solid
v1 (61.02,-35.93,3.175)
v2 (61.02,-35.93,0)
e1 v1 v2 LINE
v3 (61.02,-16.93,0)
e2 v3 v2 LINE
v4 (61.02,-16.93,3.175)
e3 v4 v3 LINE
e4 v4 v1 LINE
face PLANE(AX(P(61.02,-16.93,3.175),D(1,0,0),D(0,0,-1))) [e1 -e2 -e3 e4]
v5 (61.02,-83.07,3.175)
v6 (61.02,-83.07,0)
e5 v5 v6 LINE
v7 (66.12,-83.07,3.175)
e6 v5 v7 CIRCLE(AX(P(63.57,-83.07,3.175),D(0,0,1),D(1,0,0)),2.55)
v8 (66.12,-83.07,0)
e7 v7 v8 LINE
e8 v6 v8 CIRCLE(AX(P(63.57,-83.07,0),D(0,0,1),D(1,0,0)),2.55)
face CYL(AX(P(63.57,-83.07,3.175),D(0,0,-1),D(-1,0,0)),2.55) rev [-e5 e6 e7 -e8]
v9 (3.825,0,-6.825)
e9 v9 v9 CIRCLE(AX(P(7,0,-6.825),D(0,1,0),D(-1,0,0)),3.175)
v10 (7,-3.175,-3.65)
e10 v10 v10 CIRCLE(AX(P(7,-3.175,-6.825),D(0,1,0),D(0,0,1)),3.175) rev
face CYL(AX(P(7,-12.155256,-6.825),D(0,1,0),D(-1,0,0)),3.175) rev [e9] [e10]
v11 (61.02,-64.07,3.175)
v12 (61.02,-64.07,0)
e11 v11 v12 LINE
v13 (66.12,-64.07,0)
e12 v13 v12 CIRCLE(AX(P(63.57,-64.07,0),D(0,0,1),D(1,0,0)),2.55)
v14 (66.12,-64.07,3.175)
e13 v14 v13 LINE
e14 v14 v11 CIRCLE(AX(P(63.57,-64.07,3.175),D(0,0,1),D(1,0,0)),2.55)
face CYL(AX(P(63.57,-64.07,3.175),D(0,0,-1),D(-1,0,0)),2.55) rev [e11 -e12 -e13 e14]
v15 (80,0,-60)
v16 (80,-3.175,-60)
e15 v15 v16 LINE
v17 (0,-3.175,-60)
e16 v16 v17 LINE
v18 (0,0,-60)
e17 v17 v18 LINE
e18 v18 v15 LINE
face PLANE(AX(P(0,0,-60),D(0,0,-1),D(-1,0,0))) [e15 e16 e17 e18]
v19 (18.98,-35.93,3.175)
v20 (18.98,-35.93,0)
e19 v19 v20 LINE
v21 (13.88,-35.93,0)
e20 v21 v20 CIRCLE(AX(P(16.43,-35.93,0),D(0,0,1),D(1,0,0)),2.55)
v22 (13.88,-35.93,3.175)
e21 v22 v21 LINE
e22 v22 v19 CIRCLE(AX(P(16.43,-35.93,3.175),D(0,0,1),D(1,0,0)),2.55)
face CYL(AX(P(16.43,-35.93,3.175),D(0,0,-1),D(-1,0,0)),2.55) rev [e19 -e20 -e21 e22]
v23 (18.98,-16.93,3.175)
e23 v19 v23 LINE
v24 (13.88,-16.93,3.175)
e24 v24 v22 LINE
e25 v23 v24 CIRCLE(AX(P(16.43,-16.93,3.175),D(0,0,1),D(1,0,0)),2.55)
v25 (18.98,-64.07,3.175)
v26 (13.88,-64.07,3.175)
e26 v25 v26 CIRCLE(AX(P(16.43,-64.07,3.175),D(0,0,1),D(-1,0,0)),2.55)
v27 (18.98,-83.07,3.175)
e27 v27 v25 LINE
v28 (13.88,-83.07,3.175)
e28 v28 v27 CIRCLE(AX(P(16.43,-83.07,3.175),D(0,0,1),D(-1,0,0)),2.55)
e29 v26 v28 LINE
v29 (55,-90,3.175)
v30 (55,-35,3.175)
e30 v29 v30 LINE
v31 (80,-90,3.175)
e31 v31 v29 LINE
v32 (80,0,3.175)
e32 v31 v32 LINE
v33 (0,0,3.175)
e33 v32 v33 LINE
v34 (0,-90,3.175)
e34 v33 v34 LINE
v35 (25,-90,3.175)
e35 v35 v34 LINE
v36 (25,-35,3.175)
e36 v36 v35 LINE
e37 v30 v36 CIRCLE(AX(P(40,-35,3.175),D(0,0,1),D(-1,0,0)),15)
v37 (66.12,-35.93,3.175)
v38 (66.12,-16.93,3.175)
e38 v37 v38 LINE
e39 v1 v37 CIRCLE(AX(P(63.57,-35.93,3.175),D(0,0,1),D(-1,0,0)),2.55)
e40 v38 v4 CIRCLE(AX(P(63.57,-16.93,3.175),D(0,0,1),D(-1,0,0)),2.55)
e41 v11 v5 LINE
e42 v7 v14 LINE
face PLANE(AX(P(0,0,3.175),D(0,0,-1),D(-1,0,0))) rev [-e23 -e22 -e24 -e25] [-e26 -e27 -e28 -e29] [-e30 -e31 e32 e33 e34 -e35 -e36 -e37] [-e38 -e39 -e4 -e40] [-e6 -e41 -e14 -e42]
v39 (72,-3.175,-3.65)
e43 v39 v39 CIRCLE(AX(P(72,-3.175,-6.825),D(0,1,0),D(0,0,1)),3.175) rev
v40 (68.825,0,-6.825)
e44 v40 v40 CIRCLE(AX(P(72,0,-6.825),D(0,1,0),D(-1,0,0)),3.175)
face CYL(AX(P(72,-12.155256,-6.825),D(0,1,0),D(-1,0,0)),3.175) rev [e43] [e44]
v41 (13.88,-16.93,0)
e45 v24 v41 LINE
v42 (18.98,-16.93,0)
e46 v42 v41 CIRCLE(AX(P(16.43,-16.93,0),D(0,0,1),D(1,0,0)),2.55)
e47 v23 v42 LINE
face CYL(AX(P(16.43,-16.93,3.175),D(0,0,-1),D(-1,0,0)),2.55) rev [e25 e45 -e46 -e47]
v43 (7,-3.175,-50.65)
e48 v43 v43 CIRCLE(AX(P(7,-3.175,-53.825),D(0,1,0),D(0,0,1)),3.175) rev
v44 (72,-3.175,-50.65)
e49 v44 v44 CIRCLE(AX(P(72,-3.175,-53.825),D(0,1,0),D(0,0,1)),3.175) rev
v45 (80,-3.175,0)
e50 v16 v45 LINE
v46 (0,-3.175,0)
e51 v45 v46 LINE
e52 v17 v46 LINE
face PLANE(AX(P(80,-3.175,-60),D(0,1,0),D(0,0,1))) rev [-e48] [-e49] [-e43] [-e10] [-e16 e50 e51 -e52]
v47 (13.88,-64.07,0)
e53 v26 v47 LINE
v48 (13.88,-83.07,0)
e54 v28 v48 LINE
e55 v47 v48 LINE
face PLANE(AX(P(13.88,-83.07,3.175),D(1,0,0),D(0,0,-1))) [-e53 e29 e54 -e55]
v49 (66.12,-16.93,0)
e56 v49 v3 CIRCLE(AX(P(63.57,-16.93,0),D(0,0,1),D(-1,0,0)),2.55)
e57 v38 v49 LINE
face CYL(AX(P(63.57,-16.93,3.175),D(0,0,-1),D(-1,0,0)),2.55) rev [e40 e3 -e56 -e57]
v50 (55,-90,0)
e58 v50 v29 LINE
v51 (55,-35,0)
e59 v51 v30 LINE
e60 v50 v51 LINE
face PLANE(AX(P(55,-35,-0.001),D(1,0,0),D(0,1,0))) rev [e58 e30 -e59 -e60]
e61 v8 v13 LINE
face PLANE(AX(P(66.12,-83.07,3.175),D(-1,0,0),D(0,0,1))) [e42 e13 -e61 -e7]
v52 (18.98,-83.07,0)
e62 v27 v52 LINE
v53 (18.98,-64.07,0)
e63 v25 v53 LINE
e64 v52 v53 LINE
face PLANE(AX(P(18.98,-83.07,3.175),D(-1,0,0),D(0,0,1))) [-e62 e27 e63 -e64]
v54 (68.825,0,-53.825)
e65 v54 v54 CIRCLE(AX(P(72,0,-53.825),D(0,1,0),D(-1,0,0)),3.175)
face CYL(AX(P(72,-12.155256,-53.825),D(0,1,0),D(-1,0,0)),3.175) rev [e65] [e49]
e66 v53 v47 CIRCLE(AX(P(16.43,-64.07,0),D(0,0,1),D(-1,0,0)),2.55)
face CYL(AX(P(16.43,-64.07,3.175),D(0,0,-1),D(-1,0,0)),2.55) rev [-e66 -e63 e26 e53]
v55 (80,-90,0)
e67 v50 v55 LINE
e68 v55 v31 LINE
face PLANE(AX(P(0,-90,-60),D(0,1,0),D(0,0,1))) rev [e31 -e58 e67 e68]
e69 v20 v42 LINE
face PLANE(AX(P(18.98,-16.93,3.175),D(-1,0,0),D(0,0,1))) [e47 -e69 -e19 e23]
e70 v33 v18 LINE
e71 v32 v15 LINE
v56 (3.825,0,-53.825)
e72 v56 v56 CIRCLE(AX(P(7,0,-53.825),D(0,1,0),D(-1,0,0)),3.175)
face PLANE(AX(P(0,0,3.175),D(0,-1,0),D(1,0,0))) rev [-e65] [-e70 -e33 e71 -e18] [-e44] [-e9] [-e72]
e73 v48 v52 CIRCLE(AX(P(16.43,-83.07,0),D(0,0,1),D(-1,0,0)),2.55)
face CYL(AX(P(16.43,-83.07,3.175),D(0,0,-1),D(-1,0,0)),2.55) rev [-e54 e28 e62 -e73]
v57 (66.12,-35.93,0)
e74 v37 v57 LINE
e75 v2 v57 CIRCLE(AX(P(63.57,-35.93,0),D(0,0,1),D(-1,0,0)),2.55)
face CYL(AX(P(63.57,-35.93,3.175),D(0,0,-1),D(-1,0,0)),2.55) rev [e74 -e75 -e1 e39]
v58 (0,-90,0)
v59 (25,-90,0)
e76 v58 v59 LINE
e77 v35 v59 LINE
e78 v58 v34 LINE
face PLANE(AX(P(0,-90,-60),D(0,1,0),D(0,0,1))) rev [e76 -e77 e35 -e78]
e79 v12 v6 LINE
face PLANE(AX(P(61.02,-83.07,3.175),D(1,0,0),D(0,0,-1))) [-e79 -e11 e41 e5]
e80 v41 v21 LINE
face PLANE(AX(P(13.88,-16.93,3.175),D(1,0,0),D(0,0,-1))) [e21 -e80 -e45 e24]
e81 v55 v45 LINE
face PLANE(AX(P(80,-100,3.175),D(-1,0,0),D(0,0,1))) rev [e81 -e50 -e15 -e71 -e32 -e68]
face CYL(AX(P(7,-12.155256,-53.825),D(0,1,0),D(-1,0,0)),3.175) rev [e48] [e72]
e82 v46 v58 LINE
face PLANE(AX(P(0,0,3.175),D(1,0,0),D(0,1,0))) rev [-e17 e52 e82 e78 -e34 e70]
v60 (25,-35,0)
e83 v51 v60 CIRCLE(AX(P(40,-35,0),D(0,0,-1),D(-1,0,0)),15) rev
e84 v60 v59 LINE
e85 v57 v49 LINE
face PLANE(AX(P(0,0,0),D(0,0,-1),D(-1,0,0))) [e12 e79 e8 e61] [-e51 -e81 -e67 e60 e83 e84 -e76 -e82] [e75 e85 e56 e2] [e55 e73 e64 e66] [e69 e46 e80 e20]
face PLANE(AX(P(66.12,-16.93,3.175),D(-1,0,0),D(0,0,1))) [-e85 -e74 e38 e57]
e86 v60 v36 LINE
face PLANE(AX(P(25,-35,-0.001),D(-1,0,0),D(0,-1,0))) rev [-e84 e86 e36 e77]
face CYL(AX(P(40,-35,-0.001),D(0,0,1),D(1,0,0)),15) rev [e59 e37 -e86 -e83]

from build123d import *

# Parameters (mm, degrees)
SKETCH1_W           = 80
SKETCH1_H           = 100
BOSS_EXTRUDE1_DEPTH = 3.175
CUT_EXTRUDE2_REACH  = 5.175
SKETCH4_W           = 80
SKETCH4_H           = 3.175
BOSS_EXTRUDE2_DEPTH = 60
SKETCH5_R           = 3.175
CUT_EXTRUDE3_DEPTH  = 3.175
SKETCH6_W           = 80
SKETCH6_H           = 10
CUT_EXTRUDE4_DEPTH  = 64.175


with BuildPart() as part:
    # Sketch1 → Boss-Extrude1 (new body)
    with BuildSketch(Plane.XY):
        with Locations((40, -50)):
            Rectangle(SKETCH1_W, SKETCH1_H)
        with BuildLine():
            Line((18.98, -16.93), (18.98, -35.93))
            ThreePointArc((18.98, -35.93), (16.43, -38.48), (13.88, -35.93))
            Line((13.88, -35.93), (13.88, -16.93))
            ThreePointArc((13.88, -16.93), (16.43, -14.38), (18.98, -16.93))
        make_face(mode=Mode.SUBTRACT)
        with BuildLine():
            Line((61.02, -16.93), (61.02, -35.93))
            ThreePointArc((61.02, -35.93), (63.57, -38.48), (66.12, -35.93))
            Line((66.12, -35.93), (66.12, -16.93))
            ThreePointArc((66.12, -16.93), (63.57, -14.38), (61.02, -16.93))
        make_face(mode=Mode.SUBTRACT)
        with BuildLine():
            Line((18.98, -83.07), (18.98, -64.07))
            ThreePointArc((18.98, -64.07), (16.43, -61.52), (13.88, -64.07))
            Line((13.88, -64.07), (13.88, -83.07))
            ThreePointArc((13.88, -83.07), (16.43, -85.62), (18.98, -83.07))
        make_face(mode=Mode.SUBTRACT)
        with BuildLine():
            Line((61.02, -83.07), (61.02, -64.07))
            ThreePointArc((61.02, -64.07), (63.57, -61.52), (66.12, -64.07))
            Line((66.12, -64.07), (66.12, -83.07))
            ThreePointArc((66.12, -83.07), (63.57, -85.62), (61.02, -83.07))
        make_face(mode=Mode.SUBTRACT)
    extrude(amount=BOSS_EXTRUDE1_DEPTH)

    # Sketch2 → Cut-Extrude2 (cut, up to next)
    with BuildSketch(Plane.XY.offset(3.175), mode=Mode.PRIVATE) as cut_extrude2_sk1:
        with BuildLine():
            Line((25, -35), (25, -100))
            Line((25, -100), (55, -100))
            Line((55, -100), (55, -35))
            ThreePointArc((55, -35), (40, -20), (25, -35))
        make_face()
    cut_extrude2_tool1 = extrude(cut_extrude2_sk1.sketch, amount=-CUT_EXTRUDE2_REACH, mode=Mode.PRIVATE) & part.part
    add(cut_extrude2_tool1.solids().sort_by_distance((40, -61.536522, 3.175))[0], mode=Mode.SUBTRACT)

    # Sketch4 → Boss-Extrude2 (add)
    with BuildSketch(Plane(origin=(0, 0, 0), x_dir=(-1, 0, 0), z_dir=(0, 0, -1))):
        with Locations((-40, -1.5875)):
            Rectangle(SKETCH4_W, SKETCH4_H)
    extrude(amount=BOSS_EXTRUDE2_DEPTH)

    # Sketch5 → Cut-Extrude3 (cut)
    with BuildSketch(Plane(origin=(0, 0, 0), x_dir=(1, 0, 0), z_dir=(0, 1, 0))):
        with Locations((7, 53.825)):
            Circle(SKETCH5_R)
        with Locations((7, 6.825)):
            Circle(SKETCH5_R)
        with Locations((72, 53.825)):
            Circle(SKETCH5_R)
        with Locations((72, 6.825)):
            Circle(SKETCH5_R)
    extrude(amount=-CUT_EXTRUDE3_DEPTH, mode=Mode.SUBTRACT)

    # Sketch6 → Cut-Extrude4 (cut, through all)
    with BuildSketch(Plane.XY.offset(3.175)):
        with Locations((40, -95)):
            Rectangle(SKETCH6_W, SKETCH6_H)
    extrude(amount=-CUT_EXTRUDE4_DEPTH, mode=Mode.SUBTRACT)


solid = part.part
